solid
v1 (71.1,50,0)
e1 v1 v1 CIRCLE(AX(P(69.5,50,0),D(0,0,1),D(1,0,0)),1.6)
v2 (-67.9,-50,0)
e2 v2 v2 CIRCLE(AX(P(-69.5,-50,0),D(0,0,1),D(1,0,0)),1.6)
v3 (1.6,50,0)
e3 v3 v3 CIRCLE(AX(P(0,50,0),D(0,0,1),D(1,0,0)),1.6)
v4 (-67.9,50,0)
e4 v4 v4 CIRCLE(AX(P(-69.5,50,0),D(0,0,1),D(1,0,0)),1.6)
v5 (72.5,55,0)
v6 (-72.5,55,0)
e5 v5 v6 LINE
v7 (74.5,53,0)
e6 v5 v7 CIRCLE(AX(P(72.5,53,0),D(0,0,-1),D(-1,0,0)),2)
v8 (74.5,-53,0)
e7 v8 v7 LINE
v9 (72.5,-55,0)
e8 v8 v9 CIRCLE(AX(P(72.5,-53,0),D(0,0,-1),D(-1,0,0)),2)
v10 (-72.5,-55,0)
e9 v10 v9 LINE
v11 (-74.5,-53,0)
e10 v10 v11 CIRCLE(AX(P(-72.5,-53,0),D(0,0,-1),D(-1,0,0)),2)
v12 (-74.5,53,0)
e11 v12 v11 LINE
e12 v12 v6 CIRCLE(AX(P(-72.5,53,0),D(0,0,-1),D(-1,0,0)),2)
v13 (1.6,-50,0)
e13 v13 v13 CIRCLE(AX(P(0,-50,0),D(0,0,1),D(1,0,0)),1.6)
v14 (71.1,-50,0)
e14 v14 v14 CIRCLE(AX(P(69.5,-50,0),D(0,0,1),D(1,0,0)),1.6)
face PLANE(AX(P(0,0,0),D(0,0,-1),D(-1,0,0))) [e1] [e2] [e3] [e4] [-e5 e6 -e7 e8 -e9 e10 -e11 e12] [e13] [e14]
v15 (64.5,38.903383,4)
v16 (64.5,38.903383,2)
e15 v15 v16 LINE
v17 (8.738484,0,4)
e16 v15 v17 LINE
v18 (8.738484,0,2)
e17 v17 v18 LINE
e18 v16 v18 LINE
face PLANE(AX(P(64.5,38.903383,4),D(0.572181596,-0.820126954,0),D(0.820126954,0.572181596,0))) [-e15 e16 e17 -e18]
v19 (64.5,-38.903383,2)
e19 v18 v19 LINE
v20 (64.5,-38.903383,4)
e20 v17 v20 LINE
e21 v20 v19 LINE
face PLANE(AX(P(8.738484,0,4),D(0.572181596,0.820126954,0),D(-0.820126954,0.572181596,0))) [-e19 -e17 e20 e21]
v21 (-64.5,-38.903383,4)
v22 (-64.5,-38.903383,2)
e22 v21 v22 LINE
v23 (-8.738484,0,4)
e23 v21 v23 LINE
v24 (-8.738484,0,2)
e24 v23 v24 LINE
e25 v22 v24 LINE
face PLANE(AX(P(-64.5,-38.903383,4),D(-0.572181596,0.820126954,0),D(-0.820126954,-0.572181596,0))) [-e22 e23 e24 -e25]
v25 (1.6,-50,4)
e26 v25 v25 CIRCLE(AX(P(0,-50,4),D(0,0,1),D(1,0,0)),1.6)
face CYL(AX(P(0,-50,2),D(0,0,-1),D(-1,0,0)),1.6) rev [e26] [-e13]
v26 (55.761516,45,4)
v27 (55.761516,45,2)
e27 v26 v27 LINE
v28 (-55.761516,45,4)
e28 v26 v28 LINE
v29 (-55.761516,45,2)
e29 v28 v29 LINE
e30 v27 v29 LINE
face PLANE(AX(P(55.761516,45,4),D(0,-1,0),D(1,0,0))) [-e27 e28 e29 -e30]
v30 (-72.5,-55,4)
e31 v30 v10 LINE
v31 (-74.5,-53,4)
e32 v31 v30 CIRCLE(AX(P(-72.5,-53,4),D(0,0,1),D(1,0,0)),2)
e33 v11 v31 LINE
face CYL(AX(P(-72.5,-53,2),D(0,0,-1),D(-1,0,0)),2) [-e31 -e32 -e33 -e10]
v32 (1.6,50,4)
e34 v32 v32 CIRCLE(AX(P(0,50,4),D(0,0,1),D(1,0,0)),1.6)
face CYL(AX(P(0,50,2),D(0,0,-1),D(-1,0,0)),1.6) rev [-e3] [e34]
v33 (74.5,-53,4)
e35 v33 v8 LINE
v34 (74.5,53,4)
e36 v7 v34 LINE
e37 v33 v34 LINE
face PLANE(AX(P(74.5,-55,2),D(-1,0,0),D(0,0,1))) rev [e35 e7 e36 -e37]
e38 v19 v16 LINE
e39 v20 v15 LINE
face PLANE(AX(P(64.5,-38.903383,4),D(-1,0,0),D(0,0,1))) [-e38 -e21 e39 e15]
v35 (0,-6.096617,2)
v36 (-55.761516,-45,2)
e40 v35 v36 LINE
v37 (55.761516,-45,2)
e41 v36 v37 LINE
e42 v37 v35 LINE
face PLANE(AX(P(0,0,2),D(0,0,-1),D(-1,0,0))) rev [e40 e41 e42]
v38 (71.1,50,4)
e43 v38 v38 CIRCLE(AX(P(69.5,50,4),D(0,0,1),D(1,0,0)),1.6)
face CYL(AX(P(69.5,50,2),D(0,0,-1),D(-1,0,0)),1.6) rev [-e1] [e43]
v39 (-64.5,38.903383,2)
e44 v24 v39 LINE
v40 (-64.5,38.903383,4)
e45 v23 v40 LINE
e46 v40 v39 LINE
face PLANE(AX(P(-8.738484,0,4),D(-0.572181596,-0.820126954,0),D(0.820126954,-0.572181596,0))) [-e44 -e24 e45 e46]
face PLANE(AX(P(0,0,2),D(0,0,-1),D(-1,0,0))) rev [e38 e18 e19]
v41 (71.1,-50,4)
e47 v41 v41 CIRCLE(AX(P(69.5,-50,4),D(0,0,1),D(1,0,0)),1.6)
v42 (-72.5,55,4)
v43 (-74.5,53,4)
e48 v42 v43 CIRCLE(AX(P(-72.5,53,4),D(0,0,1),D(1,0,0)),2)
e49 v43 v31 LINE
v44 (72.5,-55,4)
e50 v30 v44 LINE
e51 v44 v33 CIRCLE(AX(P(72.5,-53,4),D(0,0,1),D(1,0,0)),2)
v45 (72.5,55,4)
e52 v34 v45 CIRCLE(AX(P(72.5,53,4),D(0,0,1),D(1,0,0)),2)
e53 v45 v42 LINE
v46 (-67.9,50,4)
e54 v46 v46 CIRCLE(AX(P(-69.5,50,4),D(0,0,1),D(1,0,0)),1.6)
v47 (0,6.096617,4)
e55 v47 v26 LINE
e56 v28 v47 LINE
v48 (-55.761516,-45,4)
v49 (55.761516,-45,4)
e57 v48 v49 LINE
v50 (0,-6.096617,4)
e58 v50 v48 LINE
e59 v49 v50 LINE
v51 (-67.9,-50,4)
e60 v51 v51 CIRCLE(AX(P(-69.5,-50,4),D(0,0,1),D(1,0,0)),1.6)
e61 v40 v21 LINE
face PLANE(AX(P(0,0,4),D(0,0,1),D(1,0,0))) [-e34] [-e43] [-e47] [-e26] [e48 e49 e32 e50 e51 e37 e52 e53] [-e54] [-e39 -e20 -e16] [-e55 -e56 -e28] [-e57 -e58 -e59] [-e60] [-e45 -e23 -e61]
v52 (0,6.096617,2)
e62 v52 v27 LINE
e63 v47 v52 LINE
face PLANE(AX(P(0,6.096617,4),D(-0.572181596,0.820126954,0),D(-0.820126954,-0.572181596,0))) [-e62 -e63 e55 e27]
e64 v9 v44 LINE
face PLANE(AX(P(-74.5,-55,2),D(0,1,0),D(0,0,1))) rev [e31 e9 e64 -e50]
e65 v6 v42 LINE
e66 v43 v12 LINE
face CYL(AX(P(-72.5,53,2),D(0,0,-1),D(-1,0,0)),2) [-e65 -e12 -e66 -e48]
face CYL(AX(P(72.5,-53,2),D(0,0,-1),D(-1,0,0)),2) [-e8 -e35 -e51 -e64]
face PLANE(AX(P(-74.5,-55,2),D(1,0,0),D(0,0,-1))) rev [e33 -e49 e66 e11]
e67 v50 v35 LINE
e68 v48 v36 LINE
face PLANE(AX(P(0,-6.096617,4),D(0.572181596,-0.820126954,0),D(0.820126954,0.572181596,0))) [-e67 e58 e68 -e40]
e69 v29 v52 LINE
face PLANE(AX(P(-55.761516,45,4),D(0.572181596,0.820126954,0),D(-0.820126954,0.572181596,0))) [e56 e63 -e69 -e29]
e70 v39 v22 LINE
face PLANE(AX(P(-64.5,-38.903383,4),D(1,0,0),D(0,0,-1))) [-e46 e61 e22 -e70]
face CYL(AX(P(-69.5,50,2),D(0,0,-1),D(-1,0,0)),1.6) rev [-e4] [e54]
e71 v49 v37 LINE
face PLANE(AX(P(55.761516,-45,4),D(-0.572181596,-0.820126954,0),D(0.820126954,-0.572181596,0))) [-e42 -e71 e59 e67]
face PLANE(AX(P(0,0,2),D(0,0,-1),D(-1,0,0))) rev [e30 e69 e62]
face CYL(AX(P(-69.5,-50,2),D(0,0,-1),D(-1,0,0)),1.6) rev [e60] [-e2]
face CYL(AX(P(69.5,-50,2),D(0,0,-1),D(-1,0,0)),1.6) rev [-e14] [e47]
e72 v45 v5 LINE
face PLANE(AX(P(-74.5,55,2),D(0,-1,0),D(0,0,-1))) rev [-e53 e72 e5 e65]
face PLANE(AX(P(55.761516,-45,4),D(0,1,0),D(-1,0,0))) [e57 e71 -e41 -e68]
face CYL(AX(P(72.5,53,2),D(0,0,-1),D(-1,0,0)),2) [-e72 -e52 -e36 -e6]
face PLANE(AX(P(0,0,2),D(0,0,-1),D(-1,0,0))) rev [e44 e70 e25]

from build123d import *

# Parameters (mm, degrees)
SKICA1_W                = 149
SKICA1_H                = 110
SKICA1_R                = 1.6
P_IDAT_VYSUNUT_M1_DEPTH = 2
SKICA2_W                = 149
SKICA2_H                = 110
SKICA2_R                = 1.6
P_IDAT_VYSUNUT_M2_DEPTH = 2
ZAOBLIT1_R              = 2


with BuildPart() as part:
    # Skica1 → Přidat vysunutím1 (new body)
    with BuildSketch(Plane.XY):
        Rectangle(SKICA1_W, SKICA1_H)
        with Locations((-69.5, 50)):
            Circle(SKICA1_R, mode=Mode.SUBTRACT)
        with Locations((69.5, 50)):
            Circle(SKICA1_R, mode=Mode.SUBTRACT)
        with Locations((69.5, -50)):
            Circle(SKICA1_R, mode=Mode.SUBTRACT)
        with Locations((-69.5, -50)):
            Circle(SKICA1_R, mode=Mode.SUBTRACT)
        with Locations((0, 50)):
            Circle(SKICA1_R, mode=Mode.SUBTRACT)
        with Locations((0, -50)):
            Circle(SKICA1_R, mode=Mode.SUBTRACT)
    extrude(amount=P_IDAT_VYSUNUT_M1_DEPTH)

    # Skica2 → Přidat vysunutím2 (add)
    with BuildSketch(Plane.XY.offset(2)):
        Rectangle(SKICA2_W, SKICA2_H)
        with Locations((-69.5, -50)):
            Circle(SKICA2_R, mode=Mode.SUBTRACT)
        with Locations((69.5, -50)):
            Circle(SKICA2_R, mode=Mode.SUBTRACT)
        with Locations((69.5, 50)):
            Circle(SKICA2_R, mode=Mode.SUBTRACT)
        with Locations((-69.5, 50)):
            Circle(SKICA2_R, mode=Mode.SUBTRACT)
        with Locations((0, -50)):
            Circle(SKICA2_R, mode=Mode.SUBTRACT)
        with Locations((0, 50)):
            Circle(SKICA2_R, mode=Mode.SUBTRACT)
        Polygon((55.761515514, -45), (-55.761515514, -45), (0, -6.096617083), align=None, mode=Mode.SUBTRACT)
        Polygon((64.5, -38.903382917), (64.5, 38.903382917), (8.738484486, 0), align=None, mode=Mode.SUBTRACT)
        Polygon((55.761515514, 45), (-55.761515514, 45), (0, 6.096617083), align=None, mode=Mode.SUBTRACT)
        Polygon((-64.5, -38.903382917), (-64.5, 38.903382917), (-8.738484486, 0), align=None, mode=Mode.SUBTRACT)
    extrude(amount=P_IDAT_VYSUNUT_M2_DEPTH)

    # Zaoblit1
    zaoblit1_edges = [part.edges().sort_by_distance(p)[0] for p in [
        (74.5, -55, 2),
        (-74.5, -55, 2),
        (-74.5, 55, 2),
        (74.5, 55, 2),
    ]]
    fillet(zaoblit1_edges, radius=ZAOBLIT1_R)


solid = part.part
